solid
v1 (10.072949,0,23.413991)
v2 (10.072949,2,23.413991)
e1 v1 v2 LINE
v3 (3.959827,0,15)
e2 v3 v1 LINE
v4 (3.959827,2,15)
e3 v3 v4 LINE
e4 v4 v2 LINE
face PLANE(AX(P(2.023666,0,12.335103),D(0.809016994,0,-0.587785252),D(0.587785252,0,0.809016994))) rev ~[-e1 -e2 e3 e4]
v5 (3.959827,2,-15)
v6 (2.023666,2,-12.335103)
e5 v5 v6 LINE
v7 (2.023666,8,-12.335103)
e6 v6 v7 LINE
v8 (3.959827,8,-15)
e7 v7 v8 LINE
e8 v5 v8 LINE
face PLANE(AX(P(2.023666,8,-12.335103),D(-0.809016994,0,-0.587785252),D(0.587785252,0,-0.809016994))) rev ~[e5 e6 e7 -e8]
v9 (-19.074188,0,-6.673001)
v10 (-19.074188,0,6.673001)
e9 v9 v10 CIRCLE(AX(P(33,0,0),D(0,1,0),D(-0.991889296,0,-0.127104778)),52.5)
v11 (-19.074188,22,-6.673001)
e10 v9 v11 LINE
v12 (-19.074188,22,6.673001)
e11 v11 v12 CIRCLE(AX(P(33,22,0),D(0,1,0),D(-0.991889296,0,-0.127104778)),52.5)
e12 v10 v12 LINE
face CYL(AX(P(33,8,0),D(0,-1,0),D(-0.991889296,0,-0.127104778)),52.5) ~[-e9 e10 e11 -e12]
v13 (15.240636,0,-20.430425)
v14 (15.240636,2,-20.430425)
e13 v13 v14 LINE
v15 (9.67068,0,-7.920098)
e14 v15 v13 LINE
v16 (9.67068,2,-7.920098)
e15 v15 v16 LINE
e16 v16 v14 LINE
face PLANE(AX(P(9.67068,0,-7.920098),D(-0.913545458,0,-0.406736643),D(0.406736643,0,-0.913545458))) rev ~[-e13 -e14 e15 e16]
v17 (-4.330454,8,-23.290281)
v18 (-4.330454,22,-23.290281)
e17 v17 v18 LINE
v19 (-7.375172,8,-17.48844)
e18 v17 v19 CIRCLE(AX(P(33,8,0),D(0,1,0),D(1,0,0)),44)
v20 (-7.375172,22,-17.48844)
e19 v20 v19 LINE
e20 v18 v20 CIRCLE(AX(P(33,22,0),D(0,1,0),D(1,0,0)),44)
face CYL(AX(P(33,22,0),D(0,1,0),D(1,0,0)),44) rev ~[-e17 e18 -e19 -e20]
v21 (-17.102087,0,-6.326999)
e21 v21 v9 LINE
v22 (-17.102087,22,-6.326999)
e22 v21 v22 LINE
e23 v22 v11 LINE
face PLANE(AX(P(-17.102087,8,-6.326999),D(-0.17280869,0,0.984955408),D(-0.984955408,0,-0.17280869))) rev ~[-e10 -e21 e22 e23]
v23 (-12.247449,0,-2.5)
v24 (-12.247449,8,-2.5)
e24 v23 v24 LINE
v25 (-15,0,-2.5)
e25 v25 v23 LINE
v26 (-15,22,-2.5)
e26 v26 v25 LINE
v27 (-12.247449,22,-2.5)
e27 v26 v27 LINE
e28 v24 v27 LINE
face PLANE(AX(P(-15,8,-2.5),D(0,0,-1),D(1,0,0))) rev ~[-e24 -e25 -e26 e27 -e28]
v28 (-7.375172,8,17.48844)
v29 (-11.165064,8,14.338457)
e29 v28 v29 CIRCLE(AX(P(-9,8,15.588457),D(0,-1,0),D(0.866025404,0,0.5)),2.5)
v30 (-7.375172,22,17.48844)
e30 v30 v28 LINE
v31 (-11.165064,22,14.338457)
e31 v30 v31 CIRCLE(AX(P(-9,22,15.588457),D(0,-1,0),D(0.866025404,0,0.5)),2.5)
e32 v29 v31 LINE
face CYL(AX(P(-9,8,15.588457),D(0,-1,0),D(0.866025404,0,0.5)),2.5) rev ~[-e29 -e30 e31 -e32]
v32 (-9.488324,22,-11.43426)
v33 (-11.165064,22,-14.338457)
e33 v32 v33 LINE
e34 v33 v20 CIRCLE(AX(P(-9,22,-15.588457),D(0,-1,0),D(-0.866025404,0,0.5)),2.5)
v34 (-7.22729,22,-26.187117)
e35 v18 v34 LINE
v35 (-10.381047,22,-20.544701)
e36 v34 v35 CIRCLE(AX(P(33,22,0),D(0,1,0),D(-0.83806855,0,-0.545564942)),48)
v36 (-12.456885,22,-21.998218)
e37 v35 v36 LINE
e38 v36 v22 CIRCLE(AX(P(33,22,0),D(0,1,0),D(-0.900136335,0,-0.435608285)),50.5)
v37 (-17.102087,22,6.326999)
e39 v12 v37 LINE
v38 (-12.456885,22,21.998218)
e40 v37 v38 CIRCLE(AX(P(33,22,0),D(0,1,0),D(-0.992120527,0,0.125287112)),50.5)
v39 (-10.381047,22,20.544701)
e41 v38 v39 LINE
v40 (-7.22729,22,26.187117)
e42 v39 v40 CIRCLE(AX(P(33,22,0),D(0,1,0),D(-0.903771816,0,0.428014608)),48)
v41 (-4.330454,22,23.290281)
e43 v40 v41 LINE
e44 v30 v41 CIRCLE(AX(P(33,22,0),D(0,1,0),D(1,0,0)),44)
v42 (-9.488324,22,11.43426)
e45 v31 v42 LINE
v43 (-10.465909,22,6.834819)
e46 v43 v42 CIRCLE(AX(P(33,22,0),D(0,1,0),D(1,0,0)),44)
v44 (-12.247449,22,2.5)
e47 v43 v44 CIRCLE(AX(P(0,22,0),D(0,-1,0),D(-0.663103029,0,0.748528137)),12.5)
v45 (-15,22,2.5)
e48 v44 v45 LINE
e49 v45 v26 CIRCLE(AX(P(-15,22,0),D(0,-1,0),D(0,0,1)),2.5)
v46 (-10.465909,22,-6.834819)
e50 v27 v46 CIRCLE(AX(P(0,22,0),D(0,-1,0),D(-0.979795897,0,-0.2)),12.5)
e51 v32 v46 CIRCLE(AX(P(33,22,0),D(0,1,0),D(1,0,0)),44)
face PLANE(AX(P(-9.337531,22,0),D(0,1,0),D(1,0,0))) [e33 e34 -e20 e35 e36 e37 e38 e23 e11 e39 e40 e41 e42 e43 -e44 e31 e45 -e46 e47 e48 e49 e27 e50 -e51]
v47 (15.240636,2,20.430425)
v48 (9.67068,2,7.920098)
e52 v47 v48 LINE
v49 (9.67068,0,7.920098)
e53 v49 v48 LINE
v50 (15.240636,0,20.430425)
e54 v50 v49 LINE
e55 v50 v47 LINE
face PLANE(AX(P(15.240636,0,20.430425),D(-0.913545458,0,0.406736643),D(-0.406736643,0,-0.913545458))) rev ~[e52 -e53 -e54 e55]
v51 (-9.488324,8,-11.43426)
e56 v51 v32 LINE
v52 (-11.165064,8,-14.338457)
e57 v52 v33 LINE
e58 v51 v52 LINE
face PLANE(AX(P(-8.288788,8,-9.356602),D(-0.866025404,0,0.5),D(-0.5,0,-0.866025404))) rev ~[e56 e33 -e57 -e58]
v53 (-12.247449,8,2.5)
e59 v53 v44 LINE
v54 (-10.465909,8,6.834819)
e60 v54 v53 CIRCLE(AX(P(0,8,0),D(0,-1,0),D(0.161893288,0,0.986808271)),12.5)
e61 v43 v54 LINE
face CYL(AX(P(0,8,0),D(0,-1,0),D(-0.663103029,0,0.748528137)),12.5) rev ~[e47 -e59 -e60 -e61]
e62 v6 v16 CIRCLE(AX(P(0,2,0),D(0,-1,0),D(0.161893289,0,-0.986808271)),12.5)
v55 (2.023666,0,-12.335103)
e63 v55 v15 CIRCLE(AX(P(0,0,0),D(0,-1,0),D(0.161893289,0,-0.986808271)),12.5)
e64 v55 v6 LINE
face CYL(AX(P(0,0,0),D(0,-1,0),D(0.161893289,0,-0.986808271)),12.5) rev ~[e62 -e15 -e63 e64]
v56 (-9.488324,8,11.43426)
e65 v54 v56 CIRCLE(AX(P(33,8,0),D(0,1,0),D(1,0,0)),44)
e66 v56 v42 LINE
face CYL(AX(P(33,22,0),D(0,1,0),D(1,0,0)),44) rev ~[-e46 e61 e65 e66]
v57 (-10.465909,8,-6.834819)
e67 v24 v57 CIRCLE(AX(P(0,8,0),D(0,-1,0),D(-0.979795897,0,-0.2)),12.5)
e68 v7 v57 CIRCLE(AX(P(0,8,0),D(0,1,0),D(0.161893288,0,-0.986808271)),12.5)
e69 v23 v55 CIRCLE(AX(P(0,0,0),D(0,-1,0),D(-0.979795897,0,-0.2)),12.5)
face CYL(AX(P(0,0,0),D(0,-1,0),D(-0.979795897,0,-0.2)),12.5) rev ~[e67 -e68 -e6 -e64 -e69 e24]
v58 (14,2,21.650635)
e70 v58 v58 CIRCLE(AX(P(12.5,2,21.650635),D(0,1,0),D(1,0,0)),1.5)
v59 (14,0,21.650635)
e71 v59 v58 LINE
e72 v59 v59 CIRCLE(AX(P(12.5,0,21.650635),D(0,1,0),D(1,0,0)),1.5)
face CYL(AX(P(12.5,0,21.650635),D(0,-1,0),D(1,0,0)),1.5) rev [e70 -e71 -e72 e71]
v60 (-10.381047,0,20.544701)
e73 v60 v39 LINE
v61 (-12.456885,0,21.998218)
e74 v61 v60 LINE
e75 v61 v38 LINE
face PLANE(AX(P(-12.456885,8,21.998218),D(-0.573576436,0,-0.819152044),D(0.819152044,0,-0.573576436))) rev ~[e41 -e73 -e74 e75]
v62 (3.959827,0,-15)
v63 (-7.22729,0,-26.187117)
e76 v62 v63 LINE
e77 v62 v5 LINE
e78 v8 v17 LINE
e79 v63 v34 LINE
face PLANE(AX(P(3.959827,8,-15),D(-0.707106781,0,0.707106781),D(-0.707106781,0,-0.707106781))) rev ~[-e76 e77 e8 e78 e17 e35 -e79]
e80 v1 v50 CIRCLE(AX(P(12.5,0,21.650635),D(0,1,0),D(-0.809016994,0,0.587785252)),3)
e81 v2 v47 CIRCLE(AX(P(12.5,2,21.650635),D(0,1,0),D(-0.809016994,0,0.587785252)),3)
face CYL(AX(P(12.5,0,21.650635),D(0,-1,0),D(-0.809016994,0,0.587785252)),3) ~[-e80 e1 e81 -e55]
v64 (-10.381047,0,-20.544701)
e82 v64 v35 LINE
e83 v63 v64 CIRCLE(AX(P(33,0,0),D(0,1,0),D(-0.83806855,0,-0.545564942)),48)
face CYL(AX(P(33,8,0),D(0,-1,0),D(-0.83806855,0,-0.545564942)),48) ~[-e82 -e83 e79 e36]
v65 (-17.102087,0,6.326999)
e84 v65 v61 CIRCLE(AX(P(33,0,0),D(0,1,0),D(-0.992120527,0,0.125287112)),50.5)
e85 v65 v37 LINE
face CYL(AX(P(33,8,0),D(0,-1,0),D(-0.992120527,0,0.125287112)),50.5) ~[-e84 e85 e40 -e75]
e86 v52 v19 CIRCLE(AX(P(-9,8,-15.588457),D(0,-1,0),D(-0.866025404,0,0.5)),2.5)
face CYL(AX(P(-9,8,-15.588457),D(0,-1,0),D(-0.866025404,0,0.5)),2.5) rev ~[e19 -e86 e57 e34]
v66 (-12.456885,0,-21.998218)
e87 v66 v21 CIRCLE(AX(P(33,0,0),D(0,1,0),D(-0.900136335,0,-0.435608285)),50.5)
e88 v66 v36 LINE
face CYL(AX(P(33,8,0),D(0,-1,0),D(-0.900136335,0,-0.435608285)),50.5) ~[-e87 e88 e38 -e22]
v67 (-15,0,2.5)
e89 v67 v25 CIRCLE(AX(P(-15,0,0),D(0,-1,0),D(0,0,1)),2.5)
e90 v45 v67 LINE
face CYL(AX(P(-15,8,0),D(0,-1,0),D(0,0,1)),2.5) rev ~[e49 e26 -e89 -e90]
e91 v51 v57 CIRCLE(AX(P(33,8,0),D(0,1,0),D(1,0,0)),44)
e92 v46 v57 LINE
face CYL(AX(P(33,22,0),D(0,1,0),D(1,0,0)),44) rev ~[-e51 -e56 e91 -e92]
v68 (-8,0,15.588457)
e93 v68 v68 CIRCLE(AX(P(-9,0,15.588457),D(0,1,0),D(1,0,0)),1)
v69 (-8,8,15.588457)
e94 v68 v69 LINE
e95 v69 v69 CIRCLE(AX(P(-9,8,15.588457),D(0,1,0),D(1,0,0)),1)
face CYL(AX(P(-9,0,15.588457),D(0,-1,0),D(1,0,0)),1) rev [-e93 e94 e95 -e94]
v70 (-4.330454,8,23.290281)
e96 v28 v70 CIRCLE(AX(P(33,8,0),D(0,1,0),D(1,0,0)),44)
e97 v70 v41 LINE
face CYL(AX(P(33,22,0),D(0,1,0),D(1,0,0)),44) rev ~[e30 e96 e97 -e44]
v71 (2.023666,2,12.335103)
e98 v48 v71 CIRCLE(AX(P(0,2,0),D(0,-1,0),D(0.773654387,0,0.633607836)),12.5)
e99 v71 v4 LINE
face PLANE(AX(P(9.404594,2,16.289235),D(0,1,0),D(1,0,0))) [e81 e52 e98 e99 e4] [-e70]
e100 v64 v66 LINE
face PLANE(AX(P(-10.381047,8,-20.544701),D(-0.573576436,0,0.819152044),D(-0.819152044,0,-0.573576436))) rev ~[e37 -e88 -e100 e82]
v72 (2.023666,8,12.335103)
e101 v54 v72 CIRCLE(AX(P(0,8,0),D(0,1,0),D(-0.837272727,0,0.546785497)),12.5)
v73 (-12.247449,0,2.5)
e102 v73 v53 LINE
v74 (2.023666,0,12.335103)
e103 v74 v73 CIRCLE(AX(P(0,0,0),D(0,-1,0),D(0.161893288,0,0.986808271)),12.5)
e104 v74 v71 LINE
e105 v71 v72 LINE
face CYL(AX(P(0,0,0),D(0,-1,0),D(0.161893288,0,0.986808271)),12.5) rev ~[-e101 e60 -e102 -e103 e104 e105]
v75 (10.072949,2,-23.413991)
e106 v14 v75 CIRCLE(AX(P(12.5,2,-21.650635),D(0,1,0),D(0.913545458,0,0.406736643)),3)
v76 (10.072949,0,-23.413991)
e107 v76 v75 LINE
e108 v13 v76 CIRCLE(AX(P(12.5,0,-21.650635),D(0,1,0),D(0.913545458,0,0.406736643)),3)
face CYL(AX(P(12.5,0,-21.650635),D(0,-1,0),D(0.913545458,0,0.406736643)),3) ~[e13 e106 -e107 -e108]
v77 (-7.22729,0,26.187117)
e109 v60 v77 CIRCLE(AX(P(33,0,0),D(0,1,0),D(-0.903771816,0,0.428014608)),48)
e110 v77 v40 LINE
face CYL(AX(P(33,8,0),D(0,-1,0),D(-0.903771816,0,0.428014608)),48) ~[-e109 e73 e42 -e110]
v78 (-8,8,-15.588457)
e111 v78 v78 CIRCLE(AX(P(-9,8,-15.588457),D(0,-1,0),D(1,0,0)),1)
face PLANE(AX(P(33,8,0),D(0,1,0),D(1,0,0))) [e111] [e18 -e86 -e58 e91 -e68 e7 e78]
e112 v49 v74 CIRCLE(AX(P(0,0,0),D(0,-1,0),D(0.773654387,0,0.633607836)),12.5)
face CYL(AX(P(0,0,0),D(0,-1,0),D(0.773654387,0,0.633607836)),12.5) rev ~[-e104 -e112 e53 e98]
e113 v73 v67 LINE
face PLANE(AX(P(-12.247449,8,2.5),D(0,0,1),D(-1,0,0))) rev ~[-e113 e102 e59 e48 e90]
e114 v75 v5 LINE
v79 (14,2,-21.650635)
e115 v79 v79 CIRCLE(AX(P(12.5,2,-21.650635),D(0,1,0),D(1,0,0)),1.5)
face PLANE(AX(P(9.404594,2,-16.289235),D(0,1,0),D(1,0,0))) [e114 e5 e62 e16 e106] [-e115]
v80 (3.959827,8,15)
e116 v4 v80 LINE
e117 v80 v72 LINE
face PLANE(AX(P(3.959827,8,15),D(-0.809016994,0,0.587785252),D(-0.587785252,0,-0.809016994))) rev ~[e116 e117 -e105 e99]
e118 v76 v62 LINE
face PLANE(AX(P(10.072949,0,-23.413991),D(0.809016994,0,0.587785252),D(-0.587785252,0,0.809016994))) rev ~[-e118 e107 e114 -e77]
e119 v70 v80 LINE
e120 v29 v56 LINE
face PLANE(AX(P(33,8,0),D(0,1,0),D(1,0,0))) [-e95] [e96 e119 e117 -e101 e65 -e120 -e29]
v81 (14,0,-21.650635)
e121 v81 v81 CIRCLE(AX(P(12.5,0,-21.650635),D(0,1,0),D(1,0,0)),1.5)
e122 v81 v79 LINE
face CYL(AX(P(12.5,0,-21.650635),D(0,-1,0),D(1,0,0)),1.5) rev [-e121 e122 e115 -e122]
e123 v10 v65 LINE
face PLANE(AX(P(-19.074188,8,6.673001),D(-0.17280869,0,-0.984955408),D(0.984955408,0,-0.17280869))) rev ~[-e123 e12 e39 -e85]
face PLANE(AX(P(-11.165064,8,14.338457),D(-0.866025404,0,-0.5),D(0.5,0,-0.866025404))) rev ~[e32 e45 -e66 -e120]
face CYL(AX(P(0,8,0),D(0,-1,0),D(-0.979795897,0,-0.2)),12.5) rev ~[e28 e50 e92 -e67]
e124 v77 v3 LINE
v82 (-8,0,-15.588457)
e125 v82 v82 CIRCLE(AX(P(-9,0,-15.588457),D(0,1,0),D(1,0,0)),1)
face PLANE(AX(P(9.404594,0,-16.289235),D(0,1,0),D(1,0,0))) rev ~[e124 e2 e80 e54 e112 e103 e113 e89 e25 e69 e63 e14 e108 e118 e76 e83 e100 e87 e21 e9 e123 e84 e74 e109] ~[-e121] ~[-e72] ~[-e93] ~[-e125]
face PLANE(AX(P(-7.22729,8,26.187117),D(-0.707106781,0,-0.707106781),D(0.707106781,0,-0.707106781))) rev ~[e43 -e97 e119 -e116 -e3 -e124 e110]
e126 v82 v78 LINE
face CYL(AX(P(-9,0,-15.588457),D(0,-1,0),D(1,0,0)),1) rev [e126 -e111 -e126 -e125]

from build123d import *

# Parameters (mm, degrees)
SKETCH2_R           = 1
BOSS_EXTRUDE1_DEPTH = 8
SKETCH2_5_R         = 1.5
BOSS_EXTRUDE9_DEPTH = 2
SKETCH2_4_R         = 1.5
BOSS_EXTRUDE6_DEPTH = 2
BOSS_EXTRUDE7_DEPTH = 14
SKETCH7_R           = 44
CUT_EXTRUDE2_DEPTH  = 14


with BuildPart() as part:
    # Sketch2 → Boss-Extrude1 (new body)
    with BuildSketch(Plane(origin=(0, 0, 0), x_dir=(1, 0, 0), z_dir=(0, 1, 0))):
        with BuildLine():
            Line((-15, 2.5), (-12.247448714, 2.5))
            ThreePointArc((-12.247448714, 2.5), (-7.093218404, 10.292533831), (2.023666108, 12.335103384))
            Line((2.023666108, 12.335103384), (3.959826833, 15))
            Line((3.959826833, 15), (-7.227290386, 26.187117219))
            ThreePointArc((-7.227290386, 26.187117219), (-8.899257061, 23.419057575), (-10.381047178, 20.54470116))
            Line((-10.381047178, 20.54470116), (-12.456884927, 21.9982184))
            ThreePointArc((-12.456884927, 21.9982184), (-15.417724422, 14.351792983), (-17.102086602, 6.32699914))
            Line((-17.102086602, 6.32699914), (-19.074188035, 6.67300086))
            ThreePointArc((-19.074188035, 6.67300086), (-19.5, 0), (-19.074188035, -6.67300086))
            Line((-19.074188035, -6.67300086), (-17.102086602, -6.32699914))
            ThreePointArc((-17.102086602, -6.32699914), (-15.417724422, -14.351792983), (-12.456884927, -21.9982184))
            Line((-12.456884927, -21.9982184), (-10.381047178, -20.54470116))
            ThreePointArc((-10.381047178, -20.54470116), (-8.899257061, -23.419057575), (-7.227290386, -26.187117219))
            Line((-7.227290386, -26.187117219), (3.959826833, -15))
            Line((3.959826833, -15), (2.023666108, -12.335103384))
            ThreePointArc((2.023666108, -12.335103384), (-7.093218404, -10.292533831), (-12.247448714, -2.5))
            Line((-12.247448714, -2.5), (-15, -2.5))
            ThreePointArc((-15, -2.5), (-17.5, 0), (-15, 2.5))
        make_face()
        with Locations((-9, 15.588457268)):
            Circle(SKETCH2_R, mode=Mode.SUBTRACT)
        with Locations((-9, -15.588457268)):
            Circle(SKETCH2_R, mode=Mode.SUBTRACT)
    extrude(amount=BOSS_EXTRUDE1_DEPTH)

    # Sketch2<5> → Boss-Extrude9 (add)
    # profile 1 of 2: a face of its own
    with BuildSketch(Plane(origin=(0, 0, 0), x_dir=(1, 0, 0), z_dir=(0, 1, 0))):
        with BuildLine():
            Line((10.072949017, 23.413990851), (2.023666108, 12.335103384))
            ThreePointArc((2.023666108, 12.335103384), (6.25, 10.825317547), (9.670679834, 7.92009795))
            Line((9.670679834, 7.92009795), (15.240636373, 20.430425165))
            ThreePointArc((15.240636373, 20.430425165), (14, 24.248711306), (10.072949017, 23.413990851))
        make_face()
        with Locations((12.5, 21.650635095)):
            Circle(SKETCH2_5_R, mode=Mode.SUBTRACT)
    # profile 2 of 2: a face of its own
    with BuildSketch(Plane(origin=(0, 0, 0), x_dir=(1, 0, 0), z_dir=(0, 1, 0))):
        with BuildLine():
            Line((15.240636373, -20.430425165), (9.670679834, -7.92009795))
            ThreePointArc((9.670679834, -7.92009795), (6.25, -10.825317547), (2.023666108, -12.335103384))
            Line((2.023666108, -12.335103384), (10.072949017, -23.413990851))
            ThreePointArc((10.072949017, -23.413990851), (14, -24.248711306), (15.240636373, -20.430425165))
        make_face()
        with Locations((12.5, -21.650635095)):
            Circle(SKETCH2_5_R, mode=Mode.SUBTRACT)
    extrude(amount=BOSS_EXTRUDE9_DEPTH)

    # Sketch2<4> → Boss-Extrude6 (add)
    # profile 1 of 2: a face of its own
    with BuildSketch(Plane(origin=(0, 0, 0), x_dir=(1, 0, 0), z_dir=(0, 1, 0))):
        with BuildLine():
            Line((10.072949017, 23.413990851), (2.023666108, 12.335103384))
            ThreePointArc((2.023666108, 12.335103384), (6.25, 10.825317547), (9.670679834, 7.92009795))
            Line((9.670679834, 7.92009795), (15.240636373, 20.430425165))
            ThreePointArc((15.240636373, 20.430425165), (14, 24.248711306), (10.072949017, 23.413990851))
        make_face()
        with Locations((12.5, 21.650635095)):
            Circle(SKETCH2_4_R, mode=Mode.SUBTRACT)
    # profile 2 of 2: a face of its own
    with BuildSketch(Plane(origin=(0, 0, 0), x_dir=(1, 0, 0), z_dir=(0, 1, 0))):
        with BuildLine():
            Line((15.240636373, -20.430425165), (9.670679834, -7.92009795))
            ThreePointArc((9.670679834, -7.92009795), (6.25, -10.825317547), (2.023666108, -12.335103384))
            Line((2.023666108, -12.335103384), (10.072949017, -23.413990851))
            ThreePointArc((10.072949017, -23.413990851), (14, -24.248711306), (15.240636373, -20.430425165))
        make_face()
        with Locations((12.5, -21.650635095)):
            Circle(SKETCH2_4_R, mode=Mode.SUBTRACT)
    extrude(amount=BOSS_EXTRUDE6_DEPTH)

    # Sketch5 → Boss-Extrude7 (add)
    with BuildSketch(Plane(origin=(0, 8, 0), x_dir=(1, 0, 0), z_dir=(0, 1, 0))):
        with BuildLine():
            Line((-15, 2.5), (-12.247448714, 2.5))
            ThreePointArc((-12.247448714, 2.5), (-10.825317547, 6.25), (-8.288787866, 9.356601718))
            Line((-8.288787866, 9.356601718), (-11.165063509, 14.338457268))
            ThreePointArc((-11.165063509, 14.338457268), (-10.25, 17.753520778), (-6.834936491, 16.838457268))
            Line((-6.834936491, 16.838457268), (-3.958660847, 11.856601718))
            ThreePointArc((-3.958660847, 11.856601718), (-0.996640417, 12.460204969), (2.023666108, 12.335103384))
            Line((2.023666108, 12.335103384), (3.959826833, 15))
            Line((3.959826833, 15), (-7.227290386, 26.187117219))
            ThreePointArc((-7.227290386, 26.187117219), (-8.899257061, 23.419057575), (-10.381047178, 20.54470116))
            Line((-10.381047178, 20.54470116), (-12.456884927, 21.9982184))
            ThreePointArc((-12.456884927, 21.9982184), (-15.417724422, 14.351792983), (-17.102086602, 6.32699914))
            Line((-17.102086602, 6.32699914), (-19.074188035, 6.67300086))
            ThreePointArc((-19.074188035, 6.67300086), (-19.5, 0), (-19.074188035, -6.67300086))
            Line((-19.074188035, -6.67300086), (-17.102086602, -6.32699914))
            ThreePointArc((-17.102086602, -6.32699914), (-15.417724422, -14.351792983), (-12.456884927, -21.9982184))
            Line((-12.456884927, -21.9982184), (-10.381047178, -20.54470116))
            ThreePointArc((-10.381047178, -20.54470116), (-8.899257061, -23.419057575), (-7.227290386, -26.187117219))
            Line((-7.227290386, -26.187117219), (3.959826833, -15))
            Line((3.959826833, -15), (2.023666108, -12.335103384))
            ThreePointArc((2.023666108, -12.335103384), (-0.996640417, -12.460204969), (-3.958660847, -11.856601718))
            Line((-3.958660847, -11.856601718), (-6.834936491, -16.838457268))
            ThreePointArc((-6.834936491, -16.838457268), (-10.25, -17.753520778), (-11.165063509, -14.338457268))
            Line((-11.165063509, -14.338457268), (-8.288787866, -9.356601718))
            ThreePointArc((-8.288787866, -9.356601718), (-10.825317547, -6.25), (-12.247448714, -2.5))
            Line((-12.247448714, -2.5), (-15, -2.5))
            ThreePointArc((-15, -2.5), (-17.5, 0), (-15, 2.5))
        make_face()
    extrude(amount=BOSS_EXTRUDE7_DEPTH)

    # Sketch7 → Cut-Extrude2 (cut)
    with BuildSketch(Plane(origin=(0, 22, 0), x_dir=(1, 0, 0), z_dir=(0, 1, 0))):
        with Locations((33, 0)):
            Circle(SKETCH7_R)
    extrude(amount=-CUT_EXTRUDE2_DEPTH, mode=Mode.SUBTRACT)


solid = part.part
